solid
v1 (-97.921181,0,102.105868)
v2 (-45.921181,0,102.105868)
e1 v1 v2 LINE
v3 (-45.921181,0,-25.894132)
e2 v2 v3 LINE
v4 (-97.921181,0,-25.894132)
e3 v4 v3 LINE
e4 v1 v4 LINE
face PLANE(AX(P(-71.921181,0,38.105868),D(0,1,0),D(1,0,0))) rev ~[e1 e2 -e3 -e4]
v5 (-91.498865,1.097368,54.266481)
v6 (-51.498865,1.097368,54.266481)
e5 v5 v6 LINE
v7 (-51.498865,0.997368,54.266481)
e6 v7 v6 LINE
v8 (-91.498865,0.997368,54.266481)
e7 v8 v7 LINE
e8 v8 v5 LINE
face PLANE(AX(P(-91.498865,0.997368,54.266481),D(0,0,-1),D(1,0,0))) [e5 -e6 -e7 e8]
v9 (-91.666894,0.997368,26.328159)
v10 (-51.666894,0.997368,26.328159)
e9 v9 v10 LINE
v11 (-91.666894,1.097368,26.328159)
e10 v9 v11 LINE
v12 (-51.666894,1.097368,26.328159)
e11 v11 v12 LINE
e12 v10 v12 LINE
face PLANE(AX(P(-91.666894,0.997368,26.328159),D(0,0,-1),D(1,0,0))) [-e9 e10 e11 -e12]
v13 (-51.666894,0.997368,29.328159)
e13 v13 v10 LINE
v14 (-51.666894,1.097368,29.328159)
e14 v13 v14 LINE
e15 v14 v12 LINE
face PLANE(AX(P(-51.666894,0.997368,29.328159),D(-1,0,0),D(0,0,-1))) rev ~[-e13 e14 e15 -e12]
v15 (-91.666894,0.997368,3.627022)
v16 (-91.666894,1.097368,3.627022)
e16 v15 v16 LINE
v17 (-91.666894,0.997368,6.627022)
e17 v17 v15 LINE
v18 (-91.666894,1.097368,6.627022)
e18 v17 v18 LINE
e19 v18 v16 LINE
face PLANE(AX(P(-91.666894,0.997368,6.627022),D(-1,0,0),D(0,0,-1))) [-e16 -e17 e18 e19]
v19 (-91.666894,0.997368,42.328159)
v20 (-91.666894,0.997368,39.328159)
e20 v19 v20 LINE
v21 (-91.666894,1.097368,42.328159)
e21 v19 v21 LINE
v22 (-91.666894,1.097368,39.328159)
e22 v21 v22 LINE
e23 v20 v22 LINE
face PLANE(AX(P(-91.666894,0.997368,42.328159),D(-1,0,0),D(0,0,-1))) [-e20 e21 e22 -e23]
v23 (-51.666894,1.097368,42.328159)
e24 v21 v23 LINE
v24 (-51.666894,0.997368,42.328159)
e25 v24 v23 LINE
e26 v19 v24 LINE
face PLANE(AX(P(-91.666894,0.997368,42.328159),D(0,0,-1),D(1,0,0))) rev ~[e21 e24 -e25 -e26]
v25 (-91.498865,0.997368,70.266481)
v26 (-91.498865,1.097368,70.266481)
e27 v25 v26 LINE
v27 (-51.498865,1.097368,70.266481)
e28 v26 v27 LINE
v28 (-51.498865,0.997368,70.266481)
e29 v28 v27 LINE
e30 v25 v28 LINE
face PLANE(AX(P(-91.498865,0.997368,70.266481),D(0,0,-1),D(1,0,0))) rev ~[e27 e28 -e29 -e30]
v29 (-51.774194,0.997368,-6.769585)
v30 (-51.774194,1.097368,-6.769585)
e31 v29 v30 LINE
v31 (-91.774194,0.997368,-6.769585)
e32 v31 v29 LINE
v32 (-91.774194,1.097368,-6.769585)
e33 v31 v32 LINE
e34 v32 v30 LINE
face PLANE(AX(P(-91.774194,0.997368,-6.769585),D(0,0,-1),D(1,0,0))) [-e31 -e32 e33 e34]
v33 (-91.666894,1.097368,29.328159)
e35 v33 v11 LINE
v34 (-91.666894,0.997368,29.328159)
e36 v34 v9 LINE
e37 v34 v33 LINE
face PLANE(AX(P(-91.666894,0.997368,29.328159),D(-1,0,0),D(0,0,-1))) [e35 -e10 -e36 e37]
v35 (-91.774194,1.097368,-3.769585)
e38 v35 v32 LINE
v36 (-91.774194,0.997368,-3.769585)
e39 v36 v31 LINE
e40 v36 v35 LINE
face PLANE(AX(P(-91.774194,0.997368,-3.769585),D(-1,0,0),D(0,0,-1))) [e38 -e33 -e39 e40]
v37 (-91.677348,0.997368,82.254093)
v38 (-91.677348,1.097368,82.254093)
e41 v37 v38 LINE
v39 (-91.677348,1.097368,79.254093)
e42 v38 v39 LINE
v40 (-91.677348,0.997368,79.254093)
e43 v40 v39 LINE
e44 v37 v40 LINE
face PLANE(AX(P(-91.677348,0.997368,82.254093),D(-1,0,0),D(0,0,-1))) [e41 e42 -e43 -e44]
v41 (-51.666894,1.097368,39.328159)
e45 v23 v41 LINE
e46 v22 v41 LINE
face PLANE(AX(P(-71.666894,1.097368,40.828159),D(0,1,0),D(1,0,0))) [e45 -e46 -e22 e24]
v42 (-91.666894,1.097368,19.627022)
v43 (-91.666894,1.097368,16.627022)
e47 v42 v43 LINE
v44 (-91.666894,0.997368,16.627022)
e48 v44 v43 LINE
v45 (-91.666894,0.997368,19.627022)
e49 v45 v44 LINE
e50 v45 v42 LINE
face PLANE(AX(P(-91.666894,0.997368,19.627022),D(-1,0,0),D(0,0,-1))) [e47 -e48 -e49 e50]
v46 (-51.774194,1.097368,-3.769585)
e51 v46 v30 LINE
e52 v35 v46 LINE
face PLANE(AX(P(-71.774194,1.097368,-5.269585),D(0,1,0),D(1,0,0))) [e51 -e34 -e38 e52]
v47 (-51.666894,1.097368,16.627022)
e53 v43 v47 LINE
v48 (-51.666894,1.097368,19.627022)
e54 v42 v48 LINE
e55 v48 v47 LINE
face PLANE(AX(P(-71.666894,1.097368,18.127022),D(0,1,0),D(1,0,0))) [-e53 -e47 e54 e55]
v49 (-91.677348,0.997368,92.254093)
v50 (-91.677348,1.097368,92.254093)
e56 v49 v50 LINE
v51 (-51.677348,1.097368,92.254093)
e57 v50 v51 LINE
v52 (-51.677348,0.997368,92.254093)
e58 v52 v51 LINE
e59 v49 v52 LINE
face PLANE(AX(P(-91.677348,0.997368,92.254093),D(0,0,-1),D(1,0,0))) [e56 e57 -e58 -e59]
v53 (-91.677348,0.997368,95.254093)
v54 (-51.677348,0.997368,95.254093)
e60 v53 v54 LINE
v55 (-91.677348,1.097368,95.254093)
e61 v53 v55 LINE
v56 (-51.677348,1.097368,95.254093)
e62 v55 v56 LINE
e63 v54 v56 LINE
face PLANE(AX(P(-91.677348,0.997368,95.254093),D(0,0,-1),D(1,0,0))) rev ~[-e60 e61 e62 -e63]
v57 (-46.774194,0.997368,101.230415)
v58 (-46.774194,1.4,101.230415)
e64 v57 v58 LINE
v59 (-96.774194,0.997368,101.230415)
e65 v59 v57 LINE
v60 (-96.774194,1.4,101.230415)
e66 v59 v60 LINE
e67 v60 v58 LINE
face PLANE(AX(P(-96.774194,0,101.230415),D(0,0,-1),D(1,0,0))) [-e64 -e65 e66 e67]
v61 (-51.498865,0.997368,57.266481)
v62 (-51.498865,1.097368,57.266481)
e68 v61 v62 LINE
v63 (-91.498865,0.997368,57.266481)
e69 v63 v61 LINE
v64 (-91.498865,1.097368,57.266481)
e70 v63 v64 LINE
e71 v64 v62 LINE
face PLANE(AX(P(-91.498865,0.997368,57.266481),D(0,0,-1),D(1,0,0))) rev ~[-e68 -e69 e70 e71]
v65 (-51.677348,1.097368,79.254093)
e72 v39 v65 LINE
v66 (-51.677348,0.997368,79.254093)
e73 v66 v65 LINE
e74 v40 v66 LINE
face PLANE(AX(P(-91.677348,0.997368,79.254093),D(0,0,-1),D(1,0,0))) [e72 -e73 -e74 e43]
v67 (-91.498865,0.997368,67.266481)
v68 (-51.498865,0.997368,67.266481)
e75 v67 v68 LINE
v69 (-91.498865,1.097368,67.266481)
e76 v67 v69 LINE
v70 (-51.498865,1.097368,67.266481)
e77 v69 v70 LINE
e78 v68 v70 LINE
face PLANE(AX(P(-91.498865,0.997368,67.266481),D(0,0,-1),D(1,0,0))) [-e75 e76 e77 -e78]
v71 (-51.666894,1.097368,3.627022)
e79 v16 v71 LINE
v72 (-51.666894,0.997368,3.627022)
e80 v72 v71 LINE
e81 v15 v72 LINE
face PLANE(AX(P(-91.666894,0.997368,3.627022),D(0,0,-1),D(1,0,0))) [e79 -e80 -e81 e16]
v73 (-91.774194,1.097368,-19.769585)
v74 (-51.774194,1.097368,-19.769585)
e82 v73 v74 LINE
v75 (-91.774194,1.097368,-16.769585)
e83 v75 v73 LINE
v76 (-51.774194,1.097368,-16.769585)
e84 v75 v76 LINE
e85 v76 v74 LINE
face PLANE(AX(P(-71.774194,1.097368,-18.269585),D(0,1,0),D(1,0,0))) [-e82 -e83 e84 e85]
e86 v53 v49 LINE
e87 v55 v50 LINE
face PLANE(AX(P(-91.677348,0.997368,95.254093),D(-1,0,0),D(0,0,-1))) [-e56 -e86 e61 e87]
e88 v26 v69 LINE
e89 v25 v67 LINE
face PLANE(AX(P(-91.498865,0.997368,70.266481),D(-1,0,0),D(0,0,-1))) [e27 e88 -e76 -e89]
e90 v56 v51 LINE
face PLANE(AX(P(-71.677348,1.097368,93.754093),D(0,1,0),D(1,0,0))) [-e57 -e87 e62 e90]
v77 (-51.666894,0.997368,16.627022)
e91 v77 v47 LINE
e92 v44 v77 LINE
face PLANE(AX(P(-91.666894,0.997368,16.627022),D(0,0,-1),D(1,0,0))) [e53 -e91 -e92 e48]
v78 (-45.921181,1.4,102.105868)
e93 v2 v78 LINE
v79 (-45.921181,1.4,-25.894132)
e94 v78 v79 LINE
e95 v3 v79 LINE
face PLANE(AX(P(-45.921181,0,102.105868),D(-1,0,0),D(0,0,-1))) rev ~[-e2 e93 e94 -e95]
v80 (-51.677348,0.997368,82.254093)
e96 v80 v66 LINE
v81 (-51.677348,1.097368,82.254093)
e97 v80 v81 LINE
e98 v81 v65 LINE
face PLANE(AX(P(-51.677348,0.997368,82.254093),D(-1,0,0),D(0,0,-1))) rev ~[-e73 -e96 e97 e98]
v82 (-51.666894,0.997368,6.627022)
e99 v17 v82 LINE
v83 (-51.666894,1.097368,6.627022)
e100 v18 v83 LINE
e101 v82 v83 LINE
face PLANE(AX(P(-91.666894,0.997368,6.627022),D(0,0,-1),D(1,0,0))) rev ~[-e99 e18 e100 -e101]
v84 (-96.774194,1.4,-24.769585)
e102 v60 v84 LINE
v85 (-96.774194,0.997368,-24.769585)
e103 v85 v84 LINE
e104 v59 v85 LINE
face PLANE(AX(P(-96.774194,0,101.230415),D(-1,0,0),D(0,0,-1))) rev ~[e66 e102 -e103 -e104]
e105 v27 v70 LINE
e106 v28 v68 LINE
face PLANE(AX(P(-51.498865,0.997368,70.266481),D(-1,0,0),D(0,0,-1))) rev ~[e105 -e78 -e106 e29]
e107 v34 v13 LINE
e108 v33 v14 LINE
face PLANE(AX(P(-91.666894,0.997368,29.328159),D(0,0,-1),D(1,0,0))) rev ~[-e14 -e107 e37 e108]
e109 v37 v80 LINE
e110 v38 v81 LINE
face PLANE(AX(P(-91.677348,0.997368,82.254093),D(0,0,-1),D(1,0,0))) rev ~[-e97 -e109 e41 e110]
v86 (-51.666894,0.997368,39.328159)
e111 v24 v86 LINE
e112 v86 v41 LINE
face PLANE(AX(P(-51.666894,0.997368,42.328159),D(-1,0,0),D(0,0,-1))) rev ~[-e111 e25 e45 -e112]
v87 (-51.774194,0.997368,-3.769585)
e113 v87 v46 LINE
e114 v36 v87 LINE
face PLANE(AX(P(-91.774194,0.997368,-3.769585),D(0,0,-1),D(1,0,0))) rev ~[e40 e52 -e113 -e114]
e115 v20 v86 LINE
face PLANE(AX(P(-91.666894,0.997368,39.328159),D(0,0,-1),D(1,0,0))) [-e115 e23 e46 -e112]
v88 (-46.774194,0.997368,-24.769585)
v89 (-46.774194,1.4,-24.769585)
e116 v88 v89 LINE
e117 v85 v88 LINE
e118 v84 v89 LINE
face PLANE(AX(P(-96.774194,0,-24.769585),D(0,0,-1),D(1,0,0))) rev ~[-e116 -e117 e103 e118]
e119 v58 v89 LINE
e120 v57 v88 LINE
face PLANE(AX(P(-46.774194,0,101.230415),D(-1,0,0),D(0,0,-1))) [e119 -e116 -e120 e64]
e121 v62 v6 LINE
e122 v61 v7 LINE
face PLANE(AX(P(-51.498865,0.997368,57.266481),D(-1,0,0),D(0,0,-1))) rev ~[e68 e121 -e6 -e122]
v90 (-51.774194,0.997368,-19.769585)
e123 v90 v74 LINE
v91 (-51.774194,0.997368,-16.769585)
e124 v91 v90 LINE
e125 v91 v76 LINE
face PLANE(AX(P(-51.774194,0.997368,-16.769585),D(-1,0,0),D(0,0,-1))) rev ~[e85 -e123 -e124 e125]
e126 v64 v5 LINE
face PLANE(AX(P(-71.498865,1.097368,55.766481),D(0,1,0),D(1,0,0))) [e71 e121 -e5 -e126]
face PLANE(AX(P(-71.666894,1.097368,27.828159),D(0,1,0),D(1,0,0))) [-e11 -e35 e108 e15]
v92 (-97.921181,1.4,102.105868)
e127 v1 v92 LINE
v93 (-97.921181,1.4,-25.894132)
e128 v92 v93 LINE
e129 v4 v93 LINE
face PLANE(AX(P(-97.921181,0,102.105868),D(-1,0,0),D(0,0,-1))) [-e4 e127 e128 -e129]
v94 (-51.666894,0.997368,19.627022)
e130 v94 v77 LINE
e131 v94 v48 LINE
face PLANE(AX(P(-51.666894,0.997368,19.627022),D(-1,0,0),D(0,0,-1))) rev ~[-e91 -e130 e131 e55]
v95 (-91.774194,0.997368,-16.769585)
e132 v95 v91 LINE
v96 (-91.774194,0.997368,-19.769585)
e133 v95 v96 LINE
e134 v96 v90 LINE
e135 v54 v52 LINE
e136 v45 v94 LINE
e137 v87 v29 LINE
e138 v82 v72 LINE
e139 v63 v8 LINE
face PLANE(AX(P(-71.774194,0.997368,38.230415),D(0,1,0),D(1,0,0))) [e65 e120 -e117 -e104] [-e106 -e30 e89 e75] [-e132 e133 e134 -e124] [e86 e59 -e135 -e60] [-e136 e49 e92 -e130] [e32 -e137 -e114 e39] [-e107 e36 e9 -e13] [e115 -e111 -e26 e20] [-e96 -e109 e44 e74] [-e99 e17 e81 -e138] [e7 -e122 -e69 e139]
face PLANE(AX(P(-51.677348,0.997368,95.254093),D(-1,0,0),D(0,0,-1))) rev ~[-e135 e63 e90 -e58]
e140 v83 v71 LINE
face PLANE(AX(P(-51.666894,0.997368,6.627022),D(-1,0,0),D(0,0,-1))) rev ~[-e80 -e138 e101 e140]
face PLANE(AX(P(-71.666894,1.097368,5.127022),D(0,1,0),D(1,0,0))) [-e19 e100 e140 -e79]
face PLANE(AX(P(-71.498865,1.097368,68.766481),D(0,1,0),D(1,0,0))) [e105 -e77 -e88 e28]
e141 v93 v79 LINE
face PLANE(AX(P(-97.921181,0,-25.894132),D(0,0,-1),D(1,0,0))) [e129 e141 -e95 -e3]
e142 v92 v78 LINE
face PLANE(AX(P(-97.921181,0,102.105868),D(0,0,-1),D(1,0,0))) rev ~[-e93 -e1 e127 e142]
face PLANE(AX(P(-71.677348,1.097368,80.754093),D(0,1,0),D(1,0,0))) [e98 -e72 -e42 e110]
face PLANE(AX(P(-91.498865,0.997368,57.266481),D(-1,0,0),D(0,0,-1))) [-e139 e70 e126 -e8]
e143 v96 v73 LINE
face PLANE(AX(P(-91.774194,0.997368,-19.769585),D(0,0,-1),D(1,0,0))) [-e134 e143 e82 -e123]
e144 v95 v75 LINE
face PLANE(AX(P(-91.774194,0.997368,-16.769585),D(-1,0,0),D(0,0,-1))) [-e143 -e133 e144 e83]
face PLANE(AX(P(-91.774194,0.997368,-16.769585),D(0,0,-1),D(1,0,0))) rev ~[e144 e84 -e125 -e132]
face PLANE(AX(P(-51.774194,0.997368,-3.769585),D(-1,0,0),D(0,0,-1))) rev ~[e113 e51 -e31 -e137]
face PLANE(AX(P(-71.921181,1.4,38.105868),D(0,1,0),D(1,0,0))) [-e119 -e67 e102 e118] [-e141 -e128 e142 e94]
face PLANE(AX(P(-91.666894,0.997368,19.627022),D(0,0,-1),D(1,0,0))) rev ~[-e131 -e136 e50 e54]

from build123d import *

# Parameters (mm, degrees)
SKETCH1_W            = 50
SKETCH1_H            = 126
BOSS_EXTRUDE1_DEPTH  = 0.99736772
SKETCH2_W            = 40
SKETCH2_H            = 3
BOSS_EXTRUDE2_DEPTH  = 0.1
SKETCH6_W            = 52
SKETCH6_H            = 128
SKETCH6_W_2          = 50
SKETCH6_H_2          = 126
BOSS_EXTRUDE8_DEPTH  = 1.4
SKETCH11_W           = 40
SKETCH11_H           = 3
BOSS_EXTRUDE12_DEPTH = 0.1
SKETCH12_W           = 40
SKETCH12_H           = 3
BOSS_EXTRUDE13_DEPTH = 0.1
SKETCH13_W           = 40
SKETCH13_H           = 3
BOSS_EXTRUDE14_DEPTH = 0.1
SKETCH14_W           = 40
SKETCH14_H           = 3
BOSS_EXTRUDE15_DEPTH = 0.1


with BuildPart() as part:
    # Sketch1 → Boss-Extrude1 (new body)
    with BuildSketch(Plane(origin=(0, 0, 0), x_dir=(1, 0, 0), z_dir=(0, 1, 0))):
        with Locations((-71.774193548, -38.230414747)):
            Rectangle(SKETCH1_W, SKETCH1_H)
    extrude(amount=BOSS_EXTRUDE1_DEPTH)

    # Sketch2 → Boss-Extrude2 (add)
    with BuildSketch(Plane(origin=(0, 0.99736772, 0), x_dir=(1, 0, 0), z_dir=(0, 1, 0))):
        with Locations((-71.774193548, 18.269585253)):
            Rectangle(SKETCH2_W, SKETCH2_H)
        with Locations((-71.774193548, 5.269585253)):
            Rectangle(SKETCH2_W, SKETCH2_H)
    extrude(amount=BOSS_EXTRUDE2_DEPTH)

    # Sketch6 → Boss-Extrude8 (add)
    with BuildSketch(Plane(origin=(0, 0, 0), x_dir=(1, 0, 0), z_dir=(0, 1, 0))):
        with Locations((-71.921181358, -38.105868157)):
            Rectangle(SKETCH6_W, SKETCH6_H)
        with Locations((-71.774193548, -38.230414747)):
            Rectangle(SKETCH6_W_2, SKETCH6_H_2, mode=Mode.SUBTRACT)
    extrude(amount=BOSS_EXTRUDE8_DEPTH)

    # Sketch11 → Boss-Extrude12 (add)
    with BuildSketch(Plane(origin=(0, 0.99736772, 0), x_dir=(1, 0, 0), z_dir=(0, 1, 0))):
        with Locations((-71.666893543, -5.127021843)):
            Rectangle(SKETCH11_W, SKETCH11_H)
        with Locations((-71.666893543, -18.127021843)):
            Rectangle(SKETCH11_W, SKETCH11_H)
    extrude(amount=BOSS_EXTRUDE12_DEPTH)

    # Sketch12 → Boss-Extrude13 (add)
    with BuildSketch(Plane(origin=(0, 0.99736772, -2.5), x_dir=(1, 0, 0), z_dir=(0, 1, 0))):
        with Locations((-71.666893543, -30.328159375)):
            Rectangle(SKETCH12_W, SKETCH12_H)
        with Locations((-71.666893543, -43.328159375)):
            Rectangle(SKETCH12_W, SKETCH12_H)
    extrude(amount=BOSS_EXTRUDE13_DEPTH)

    # Sketch13 → Boss-Extrude14 (add)
    with BuildSketch(Plane(origin=(0, 0.99736772, 0), x_dir=(1, 0, 0), z_dir=(0, 1, 0))):
        with Locations((-71.498865442, -55.766480825)):
            Rectangle(SKETCH13_W, SKETCH13_H)
        with Locations((-71.498865442, -68.766480825)):
            Rectangle(SKETCH13_W, SKETCH13_H)
    extrude(amount=BOSS_EXTRUDE14_DEPTH)

    # Sketch14 → Boss-Extrude15 (add)
    with BuildSketch(Plane(origin=(0, 0.99736772, 0), x_dir=(1, 0, 0), z_dir=(0, 1, 0))):
        with Locations((-71.677348389, -80.754093343)):
            Rectangle(SKETCH14_W, SKETCH14_H)
        with Locations((-71.677348389, -93.754093343)):
            Rectangle(SKETCH14_W, SKETCH14_H)
    extrude(amount=BOSS_EXTRUDE15_DEPTH)


solid = part.part
